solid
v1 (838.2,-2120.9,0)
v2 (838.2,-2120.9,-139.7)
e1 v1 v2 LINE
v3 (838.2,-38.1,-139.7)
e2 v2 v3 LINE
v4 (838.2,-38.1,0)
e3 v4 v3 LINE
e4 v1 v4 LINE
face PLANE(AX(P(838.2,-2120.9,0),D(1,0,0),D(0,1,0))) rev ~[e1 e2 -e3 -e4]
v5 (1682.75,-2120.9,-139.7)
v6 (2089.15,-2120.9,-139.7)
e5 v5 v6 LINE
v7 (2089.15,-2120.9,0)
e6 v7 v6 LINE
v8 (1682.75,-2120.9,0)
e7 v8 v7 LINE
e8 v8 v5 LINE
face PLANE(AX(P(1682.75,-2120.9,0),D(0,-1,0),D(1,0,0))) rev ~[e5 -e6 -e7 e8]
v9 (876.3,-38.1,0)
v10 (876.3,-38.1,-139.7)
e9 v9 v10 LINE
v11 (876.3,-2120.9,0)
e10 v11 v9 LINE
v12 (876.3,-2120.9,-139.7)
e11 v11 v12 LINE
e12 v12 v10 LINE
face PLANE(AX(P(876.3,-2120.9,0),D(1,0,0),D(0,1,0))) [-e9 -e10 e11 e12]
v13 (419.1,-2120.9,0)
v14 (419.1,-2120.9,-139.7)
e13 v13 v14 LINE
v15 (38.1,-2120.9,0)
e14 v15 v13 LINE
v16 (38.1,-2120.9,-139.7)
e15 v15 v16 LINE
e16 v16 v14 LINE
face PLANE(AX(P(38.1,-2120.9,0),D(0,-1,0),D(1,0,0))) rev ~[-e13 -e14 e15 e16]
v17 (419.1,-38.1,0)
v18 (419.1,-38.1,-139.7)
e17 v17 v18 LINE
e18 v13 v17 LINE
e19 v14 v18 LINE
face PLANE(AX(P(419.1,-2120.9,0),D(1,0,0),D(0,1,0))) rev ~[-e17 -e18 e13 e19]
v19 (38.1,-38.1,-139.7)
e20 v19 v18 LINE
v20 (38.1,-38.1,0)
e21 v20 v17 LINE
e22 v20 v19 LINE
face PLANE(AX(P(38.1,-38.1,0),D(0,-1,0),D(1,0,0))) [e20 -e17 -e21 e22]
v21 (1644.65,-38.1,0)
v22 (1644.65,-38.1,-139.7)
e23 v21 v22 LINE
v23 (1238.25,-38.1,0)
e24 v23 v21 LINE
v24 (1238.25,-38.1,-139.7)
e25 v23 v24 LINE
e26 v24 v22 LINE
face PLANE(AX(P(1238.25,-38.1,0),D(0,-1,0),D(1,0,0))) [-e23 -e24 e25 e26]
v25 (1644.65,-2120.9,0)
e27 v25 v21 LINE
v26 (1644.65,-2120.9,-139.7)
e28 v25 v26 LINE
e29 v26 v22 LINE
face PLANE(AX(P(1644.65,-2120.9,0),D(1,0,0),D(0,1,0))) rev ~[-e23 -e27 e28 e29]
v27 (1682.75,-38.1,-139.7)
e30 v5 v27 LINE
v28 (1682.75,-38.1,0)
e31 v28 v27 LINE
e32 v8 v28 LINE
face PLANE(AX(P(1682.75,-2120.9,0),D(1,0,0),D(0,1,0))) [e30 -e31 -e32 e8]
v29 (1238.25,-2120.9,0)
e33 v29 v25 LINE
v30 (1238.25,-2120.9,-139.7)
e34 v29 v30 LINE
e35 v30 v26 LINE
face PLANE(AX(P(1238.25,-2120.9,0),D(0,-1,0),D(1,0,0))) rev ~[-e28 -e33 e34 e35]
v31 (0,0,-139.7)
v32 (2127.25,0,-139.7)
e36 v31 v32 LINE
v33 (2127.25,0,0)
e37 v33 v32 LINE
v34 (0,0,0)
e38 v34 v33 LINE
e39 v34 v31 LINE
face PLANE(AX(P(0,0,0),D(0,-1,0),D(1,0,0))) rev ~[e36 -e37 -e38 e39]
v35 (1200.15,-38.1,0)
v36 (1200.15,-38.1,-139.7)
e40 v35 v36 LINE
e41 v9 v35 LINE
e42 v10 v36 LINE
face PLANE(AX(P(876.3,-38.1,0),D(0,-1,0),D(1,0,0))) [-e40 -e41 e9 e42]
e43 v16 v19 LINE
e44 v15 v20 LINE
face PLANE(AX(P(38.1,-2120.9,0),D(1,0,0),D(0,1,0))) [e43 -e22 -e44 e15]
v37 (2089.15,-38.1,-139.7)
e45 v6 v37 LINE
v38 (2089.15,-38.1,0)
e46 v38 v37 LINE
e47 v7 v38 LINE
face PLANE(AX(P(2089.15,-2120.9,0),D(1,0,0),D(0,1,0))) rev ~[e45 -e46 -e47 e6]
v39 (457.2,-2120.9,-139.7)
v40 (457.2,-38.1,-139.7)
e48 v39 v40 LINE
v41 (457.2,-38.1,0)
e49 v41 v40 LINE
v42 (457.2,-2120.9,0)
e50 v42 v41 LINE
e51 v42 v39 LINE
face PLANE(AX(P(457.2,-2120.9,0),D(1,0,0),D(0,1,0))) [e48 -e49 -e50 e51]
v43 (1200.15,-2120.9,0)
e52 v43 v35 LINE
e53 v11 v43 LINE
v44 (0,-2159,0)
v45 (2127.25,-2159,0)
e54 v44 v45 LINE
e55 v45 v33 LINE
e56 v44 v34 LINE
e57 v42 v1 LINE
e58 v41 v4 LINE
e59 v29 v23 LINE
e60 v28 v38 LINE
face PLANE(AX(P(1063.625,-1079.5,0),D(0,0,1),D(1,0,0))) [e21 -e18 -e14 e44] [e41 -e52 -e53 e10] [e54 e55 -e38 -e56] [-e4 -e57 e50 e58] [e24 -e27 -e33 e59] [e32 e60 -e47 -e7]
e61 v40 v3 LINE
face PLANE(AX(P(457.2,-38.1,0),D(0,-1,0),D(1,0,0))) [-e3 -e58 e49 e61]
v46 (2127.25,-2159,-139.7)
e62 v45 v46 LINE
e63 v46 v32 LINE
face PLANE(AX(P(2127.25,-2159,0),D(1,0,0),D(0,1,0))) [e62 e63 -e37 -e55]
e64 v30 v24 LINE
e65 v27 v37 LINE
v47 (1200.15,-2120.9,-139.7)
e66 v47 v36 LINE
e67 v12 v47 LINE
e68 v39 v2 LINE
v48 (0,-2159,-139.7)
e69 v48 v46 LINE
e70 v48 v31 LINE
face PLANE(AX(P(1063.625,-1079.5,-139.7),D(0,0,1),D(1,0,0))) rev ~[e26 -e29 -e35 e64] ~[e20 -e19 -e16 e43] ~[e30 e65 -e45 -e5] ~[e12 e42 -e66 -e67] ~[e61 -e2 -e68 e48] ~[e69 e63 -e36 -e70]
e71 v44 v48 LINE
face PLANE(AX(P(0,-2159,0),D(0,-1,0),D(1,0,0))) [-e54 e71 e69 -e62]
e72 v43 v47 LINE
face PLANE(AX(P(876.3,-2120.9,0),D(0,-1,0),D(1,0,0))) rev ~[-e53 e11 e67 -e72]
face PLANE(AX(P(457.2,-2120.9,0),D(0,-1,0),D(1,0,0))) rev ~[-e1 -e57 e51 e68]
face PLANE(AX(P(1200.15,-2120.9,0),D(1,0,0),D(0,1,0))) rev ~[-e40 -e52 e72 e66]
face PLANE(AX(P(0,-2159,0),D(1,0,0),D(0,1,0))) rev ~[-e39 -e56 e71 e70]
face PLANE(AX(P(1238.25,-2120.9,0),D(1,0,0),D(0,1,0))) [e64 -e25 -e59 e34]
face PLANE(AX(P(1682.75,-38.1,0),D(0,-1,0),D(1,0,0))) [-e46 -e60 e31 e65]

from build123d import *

# Parameters (mm, degrees)
F0_W     = 2127.25
F0_H     = 2159
F0_W_2   = 381
F0_H_2   = 2082.8
F0_W_3   = 323.85
F0_W_4   = 406.4
F1_DEPTH = 139.7


with BuildPart() as f1:
    # F0 (on Top) → F1 (new body)
    with BuildSketch(Plane.XY):
        with Locations((1063.625, -1079.5)):
            Rectangle(F0_W, F0_H)
        with Locations((228.6, -1079.5)):
            Rectangle(F0_W_2, F0_H_2, mode=Mode.SUBTRACT)
        with Locations((647.7, -1079.5)):
            Rectangle(F0_W_2, F0_H_2, mode=Mode.SUBTRACT)
        with Locations((1038.225, -1079.5)):
            Rectangle(F0_W_3, F0_H_2, mode=Mode.SUBTRACT)
        with Locations((1441.45, -1079.5)):
            Rectangle(F0_W_4, F0_H_2, mode=Mode.SUBTRACT)
        with Locations((1885.95, -1079.5)):
            Rectangle(F0_W_4, F0_H_2, mode=Mode.SUBTRACT)
    extrude(amount=-F1_DEPTH)


solid = f1.part
